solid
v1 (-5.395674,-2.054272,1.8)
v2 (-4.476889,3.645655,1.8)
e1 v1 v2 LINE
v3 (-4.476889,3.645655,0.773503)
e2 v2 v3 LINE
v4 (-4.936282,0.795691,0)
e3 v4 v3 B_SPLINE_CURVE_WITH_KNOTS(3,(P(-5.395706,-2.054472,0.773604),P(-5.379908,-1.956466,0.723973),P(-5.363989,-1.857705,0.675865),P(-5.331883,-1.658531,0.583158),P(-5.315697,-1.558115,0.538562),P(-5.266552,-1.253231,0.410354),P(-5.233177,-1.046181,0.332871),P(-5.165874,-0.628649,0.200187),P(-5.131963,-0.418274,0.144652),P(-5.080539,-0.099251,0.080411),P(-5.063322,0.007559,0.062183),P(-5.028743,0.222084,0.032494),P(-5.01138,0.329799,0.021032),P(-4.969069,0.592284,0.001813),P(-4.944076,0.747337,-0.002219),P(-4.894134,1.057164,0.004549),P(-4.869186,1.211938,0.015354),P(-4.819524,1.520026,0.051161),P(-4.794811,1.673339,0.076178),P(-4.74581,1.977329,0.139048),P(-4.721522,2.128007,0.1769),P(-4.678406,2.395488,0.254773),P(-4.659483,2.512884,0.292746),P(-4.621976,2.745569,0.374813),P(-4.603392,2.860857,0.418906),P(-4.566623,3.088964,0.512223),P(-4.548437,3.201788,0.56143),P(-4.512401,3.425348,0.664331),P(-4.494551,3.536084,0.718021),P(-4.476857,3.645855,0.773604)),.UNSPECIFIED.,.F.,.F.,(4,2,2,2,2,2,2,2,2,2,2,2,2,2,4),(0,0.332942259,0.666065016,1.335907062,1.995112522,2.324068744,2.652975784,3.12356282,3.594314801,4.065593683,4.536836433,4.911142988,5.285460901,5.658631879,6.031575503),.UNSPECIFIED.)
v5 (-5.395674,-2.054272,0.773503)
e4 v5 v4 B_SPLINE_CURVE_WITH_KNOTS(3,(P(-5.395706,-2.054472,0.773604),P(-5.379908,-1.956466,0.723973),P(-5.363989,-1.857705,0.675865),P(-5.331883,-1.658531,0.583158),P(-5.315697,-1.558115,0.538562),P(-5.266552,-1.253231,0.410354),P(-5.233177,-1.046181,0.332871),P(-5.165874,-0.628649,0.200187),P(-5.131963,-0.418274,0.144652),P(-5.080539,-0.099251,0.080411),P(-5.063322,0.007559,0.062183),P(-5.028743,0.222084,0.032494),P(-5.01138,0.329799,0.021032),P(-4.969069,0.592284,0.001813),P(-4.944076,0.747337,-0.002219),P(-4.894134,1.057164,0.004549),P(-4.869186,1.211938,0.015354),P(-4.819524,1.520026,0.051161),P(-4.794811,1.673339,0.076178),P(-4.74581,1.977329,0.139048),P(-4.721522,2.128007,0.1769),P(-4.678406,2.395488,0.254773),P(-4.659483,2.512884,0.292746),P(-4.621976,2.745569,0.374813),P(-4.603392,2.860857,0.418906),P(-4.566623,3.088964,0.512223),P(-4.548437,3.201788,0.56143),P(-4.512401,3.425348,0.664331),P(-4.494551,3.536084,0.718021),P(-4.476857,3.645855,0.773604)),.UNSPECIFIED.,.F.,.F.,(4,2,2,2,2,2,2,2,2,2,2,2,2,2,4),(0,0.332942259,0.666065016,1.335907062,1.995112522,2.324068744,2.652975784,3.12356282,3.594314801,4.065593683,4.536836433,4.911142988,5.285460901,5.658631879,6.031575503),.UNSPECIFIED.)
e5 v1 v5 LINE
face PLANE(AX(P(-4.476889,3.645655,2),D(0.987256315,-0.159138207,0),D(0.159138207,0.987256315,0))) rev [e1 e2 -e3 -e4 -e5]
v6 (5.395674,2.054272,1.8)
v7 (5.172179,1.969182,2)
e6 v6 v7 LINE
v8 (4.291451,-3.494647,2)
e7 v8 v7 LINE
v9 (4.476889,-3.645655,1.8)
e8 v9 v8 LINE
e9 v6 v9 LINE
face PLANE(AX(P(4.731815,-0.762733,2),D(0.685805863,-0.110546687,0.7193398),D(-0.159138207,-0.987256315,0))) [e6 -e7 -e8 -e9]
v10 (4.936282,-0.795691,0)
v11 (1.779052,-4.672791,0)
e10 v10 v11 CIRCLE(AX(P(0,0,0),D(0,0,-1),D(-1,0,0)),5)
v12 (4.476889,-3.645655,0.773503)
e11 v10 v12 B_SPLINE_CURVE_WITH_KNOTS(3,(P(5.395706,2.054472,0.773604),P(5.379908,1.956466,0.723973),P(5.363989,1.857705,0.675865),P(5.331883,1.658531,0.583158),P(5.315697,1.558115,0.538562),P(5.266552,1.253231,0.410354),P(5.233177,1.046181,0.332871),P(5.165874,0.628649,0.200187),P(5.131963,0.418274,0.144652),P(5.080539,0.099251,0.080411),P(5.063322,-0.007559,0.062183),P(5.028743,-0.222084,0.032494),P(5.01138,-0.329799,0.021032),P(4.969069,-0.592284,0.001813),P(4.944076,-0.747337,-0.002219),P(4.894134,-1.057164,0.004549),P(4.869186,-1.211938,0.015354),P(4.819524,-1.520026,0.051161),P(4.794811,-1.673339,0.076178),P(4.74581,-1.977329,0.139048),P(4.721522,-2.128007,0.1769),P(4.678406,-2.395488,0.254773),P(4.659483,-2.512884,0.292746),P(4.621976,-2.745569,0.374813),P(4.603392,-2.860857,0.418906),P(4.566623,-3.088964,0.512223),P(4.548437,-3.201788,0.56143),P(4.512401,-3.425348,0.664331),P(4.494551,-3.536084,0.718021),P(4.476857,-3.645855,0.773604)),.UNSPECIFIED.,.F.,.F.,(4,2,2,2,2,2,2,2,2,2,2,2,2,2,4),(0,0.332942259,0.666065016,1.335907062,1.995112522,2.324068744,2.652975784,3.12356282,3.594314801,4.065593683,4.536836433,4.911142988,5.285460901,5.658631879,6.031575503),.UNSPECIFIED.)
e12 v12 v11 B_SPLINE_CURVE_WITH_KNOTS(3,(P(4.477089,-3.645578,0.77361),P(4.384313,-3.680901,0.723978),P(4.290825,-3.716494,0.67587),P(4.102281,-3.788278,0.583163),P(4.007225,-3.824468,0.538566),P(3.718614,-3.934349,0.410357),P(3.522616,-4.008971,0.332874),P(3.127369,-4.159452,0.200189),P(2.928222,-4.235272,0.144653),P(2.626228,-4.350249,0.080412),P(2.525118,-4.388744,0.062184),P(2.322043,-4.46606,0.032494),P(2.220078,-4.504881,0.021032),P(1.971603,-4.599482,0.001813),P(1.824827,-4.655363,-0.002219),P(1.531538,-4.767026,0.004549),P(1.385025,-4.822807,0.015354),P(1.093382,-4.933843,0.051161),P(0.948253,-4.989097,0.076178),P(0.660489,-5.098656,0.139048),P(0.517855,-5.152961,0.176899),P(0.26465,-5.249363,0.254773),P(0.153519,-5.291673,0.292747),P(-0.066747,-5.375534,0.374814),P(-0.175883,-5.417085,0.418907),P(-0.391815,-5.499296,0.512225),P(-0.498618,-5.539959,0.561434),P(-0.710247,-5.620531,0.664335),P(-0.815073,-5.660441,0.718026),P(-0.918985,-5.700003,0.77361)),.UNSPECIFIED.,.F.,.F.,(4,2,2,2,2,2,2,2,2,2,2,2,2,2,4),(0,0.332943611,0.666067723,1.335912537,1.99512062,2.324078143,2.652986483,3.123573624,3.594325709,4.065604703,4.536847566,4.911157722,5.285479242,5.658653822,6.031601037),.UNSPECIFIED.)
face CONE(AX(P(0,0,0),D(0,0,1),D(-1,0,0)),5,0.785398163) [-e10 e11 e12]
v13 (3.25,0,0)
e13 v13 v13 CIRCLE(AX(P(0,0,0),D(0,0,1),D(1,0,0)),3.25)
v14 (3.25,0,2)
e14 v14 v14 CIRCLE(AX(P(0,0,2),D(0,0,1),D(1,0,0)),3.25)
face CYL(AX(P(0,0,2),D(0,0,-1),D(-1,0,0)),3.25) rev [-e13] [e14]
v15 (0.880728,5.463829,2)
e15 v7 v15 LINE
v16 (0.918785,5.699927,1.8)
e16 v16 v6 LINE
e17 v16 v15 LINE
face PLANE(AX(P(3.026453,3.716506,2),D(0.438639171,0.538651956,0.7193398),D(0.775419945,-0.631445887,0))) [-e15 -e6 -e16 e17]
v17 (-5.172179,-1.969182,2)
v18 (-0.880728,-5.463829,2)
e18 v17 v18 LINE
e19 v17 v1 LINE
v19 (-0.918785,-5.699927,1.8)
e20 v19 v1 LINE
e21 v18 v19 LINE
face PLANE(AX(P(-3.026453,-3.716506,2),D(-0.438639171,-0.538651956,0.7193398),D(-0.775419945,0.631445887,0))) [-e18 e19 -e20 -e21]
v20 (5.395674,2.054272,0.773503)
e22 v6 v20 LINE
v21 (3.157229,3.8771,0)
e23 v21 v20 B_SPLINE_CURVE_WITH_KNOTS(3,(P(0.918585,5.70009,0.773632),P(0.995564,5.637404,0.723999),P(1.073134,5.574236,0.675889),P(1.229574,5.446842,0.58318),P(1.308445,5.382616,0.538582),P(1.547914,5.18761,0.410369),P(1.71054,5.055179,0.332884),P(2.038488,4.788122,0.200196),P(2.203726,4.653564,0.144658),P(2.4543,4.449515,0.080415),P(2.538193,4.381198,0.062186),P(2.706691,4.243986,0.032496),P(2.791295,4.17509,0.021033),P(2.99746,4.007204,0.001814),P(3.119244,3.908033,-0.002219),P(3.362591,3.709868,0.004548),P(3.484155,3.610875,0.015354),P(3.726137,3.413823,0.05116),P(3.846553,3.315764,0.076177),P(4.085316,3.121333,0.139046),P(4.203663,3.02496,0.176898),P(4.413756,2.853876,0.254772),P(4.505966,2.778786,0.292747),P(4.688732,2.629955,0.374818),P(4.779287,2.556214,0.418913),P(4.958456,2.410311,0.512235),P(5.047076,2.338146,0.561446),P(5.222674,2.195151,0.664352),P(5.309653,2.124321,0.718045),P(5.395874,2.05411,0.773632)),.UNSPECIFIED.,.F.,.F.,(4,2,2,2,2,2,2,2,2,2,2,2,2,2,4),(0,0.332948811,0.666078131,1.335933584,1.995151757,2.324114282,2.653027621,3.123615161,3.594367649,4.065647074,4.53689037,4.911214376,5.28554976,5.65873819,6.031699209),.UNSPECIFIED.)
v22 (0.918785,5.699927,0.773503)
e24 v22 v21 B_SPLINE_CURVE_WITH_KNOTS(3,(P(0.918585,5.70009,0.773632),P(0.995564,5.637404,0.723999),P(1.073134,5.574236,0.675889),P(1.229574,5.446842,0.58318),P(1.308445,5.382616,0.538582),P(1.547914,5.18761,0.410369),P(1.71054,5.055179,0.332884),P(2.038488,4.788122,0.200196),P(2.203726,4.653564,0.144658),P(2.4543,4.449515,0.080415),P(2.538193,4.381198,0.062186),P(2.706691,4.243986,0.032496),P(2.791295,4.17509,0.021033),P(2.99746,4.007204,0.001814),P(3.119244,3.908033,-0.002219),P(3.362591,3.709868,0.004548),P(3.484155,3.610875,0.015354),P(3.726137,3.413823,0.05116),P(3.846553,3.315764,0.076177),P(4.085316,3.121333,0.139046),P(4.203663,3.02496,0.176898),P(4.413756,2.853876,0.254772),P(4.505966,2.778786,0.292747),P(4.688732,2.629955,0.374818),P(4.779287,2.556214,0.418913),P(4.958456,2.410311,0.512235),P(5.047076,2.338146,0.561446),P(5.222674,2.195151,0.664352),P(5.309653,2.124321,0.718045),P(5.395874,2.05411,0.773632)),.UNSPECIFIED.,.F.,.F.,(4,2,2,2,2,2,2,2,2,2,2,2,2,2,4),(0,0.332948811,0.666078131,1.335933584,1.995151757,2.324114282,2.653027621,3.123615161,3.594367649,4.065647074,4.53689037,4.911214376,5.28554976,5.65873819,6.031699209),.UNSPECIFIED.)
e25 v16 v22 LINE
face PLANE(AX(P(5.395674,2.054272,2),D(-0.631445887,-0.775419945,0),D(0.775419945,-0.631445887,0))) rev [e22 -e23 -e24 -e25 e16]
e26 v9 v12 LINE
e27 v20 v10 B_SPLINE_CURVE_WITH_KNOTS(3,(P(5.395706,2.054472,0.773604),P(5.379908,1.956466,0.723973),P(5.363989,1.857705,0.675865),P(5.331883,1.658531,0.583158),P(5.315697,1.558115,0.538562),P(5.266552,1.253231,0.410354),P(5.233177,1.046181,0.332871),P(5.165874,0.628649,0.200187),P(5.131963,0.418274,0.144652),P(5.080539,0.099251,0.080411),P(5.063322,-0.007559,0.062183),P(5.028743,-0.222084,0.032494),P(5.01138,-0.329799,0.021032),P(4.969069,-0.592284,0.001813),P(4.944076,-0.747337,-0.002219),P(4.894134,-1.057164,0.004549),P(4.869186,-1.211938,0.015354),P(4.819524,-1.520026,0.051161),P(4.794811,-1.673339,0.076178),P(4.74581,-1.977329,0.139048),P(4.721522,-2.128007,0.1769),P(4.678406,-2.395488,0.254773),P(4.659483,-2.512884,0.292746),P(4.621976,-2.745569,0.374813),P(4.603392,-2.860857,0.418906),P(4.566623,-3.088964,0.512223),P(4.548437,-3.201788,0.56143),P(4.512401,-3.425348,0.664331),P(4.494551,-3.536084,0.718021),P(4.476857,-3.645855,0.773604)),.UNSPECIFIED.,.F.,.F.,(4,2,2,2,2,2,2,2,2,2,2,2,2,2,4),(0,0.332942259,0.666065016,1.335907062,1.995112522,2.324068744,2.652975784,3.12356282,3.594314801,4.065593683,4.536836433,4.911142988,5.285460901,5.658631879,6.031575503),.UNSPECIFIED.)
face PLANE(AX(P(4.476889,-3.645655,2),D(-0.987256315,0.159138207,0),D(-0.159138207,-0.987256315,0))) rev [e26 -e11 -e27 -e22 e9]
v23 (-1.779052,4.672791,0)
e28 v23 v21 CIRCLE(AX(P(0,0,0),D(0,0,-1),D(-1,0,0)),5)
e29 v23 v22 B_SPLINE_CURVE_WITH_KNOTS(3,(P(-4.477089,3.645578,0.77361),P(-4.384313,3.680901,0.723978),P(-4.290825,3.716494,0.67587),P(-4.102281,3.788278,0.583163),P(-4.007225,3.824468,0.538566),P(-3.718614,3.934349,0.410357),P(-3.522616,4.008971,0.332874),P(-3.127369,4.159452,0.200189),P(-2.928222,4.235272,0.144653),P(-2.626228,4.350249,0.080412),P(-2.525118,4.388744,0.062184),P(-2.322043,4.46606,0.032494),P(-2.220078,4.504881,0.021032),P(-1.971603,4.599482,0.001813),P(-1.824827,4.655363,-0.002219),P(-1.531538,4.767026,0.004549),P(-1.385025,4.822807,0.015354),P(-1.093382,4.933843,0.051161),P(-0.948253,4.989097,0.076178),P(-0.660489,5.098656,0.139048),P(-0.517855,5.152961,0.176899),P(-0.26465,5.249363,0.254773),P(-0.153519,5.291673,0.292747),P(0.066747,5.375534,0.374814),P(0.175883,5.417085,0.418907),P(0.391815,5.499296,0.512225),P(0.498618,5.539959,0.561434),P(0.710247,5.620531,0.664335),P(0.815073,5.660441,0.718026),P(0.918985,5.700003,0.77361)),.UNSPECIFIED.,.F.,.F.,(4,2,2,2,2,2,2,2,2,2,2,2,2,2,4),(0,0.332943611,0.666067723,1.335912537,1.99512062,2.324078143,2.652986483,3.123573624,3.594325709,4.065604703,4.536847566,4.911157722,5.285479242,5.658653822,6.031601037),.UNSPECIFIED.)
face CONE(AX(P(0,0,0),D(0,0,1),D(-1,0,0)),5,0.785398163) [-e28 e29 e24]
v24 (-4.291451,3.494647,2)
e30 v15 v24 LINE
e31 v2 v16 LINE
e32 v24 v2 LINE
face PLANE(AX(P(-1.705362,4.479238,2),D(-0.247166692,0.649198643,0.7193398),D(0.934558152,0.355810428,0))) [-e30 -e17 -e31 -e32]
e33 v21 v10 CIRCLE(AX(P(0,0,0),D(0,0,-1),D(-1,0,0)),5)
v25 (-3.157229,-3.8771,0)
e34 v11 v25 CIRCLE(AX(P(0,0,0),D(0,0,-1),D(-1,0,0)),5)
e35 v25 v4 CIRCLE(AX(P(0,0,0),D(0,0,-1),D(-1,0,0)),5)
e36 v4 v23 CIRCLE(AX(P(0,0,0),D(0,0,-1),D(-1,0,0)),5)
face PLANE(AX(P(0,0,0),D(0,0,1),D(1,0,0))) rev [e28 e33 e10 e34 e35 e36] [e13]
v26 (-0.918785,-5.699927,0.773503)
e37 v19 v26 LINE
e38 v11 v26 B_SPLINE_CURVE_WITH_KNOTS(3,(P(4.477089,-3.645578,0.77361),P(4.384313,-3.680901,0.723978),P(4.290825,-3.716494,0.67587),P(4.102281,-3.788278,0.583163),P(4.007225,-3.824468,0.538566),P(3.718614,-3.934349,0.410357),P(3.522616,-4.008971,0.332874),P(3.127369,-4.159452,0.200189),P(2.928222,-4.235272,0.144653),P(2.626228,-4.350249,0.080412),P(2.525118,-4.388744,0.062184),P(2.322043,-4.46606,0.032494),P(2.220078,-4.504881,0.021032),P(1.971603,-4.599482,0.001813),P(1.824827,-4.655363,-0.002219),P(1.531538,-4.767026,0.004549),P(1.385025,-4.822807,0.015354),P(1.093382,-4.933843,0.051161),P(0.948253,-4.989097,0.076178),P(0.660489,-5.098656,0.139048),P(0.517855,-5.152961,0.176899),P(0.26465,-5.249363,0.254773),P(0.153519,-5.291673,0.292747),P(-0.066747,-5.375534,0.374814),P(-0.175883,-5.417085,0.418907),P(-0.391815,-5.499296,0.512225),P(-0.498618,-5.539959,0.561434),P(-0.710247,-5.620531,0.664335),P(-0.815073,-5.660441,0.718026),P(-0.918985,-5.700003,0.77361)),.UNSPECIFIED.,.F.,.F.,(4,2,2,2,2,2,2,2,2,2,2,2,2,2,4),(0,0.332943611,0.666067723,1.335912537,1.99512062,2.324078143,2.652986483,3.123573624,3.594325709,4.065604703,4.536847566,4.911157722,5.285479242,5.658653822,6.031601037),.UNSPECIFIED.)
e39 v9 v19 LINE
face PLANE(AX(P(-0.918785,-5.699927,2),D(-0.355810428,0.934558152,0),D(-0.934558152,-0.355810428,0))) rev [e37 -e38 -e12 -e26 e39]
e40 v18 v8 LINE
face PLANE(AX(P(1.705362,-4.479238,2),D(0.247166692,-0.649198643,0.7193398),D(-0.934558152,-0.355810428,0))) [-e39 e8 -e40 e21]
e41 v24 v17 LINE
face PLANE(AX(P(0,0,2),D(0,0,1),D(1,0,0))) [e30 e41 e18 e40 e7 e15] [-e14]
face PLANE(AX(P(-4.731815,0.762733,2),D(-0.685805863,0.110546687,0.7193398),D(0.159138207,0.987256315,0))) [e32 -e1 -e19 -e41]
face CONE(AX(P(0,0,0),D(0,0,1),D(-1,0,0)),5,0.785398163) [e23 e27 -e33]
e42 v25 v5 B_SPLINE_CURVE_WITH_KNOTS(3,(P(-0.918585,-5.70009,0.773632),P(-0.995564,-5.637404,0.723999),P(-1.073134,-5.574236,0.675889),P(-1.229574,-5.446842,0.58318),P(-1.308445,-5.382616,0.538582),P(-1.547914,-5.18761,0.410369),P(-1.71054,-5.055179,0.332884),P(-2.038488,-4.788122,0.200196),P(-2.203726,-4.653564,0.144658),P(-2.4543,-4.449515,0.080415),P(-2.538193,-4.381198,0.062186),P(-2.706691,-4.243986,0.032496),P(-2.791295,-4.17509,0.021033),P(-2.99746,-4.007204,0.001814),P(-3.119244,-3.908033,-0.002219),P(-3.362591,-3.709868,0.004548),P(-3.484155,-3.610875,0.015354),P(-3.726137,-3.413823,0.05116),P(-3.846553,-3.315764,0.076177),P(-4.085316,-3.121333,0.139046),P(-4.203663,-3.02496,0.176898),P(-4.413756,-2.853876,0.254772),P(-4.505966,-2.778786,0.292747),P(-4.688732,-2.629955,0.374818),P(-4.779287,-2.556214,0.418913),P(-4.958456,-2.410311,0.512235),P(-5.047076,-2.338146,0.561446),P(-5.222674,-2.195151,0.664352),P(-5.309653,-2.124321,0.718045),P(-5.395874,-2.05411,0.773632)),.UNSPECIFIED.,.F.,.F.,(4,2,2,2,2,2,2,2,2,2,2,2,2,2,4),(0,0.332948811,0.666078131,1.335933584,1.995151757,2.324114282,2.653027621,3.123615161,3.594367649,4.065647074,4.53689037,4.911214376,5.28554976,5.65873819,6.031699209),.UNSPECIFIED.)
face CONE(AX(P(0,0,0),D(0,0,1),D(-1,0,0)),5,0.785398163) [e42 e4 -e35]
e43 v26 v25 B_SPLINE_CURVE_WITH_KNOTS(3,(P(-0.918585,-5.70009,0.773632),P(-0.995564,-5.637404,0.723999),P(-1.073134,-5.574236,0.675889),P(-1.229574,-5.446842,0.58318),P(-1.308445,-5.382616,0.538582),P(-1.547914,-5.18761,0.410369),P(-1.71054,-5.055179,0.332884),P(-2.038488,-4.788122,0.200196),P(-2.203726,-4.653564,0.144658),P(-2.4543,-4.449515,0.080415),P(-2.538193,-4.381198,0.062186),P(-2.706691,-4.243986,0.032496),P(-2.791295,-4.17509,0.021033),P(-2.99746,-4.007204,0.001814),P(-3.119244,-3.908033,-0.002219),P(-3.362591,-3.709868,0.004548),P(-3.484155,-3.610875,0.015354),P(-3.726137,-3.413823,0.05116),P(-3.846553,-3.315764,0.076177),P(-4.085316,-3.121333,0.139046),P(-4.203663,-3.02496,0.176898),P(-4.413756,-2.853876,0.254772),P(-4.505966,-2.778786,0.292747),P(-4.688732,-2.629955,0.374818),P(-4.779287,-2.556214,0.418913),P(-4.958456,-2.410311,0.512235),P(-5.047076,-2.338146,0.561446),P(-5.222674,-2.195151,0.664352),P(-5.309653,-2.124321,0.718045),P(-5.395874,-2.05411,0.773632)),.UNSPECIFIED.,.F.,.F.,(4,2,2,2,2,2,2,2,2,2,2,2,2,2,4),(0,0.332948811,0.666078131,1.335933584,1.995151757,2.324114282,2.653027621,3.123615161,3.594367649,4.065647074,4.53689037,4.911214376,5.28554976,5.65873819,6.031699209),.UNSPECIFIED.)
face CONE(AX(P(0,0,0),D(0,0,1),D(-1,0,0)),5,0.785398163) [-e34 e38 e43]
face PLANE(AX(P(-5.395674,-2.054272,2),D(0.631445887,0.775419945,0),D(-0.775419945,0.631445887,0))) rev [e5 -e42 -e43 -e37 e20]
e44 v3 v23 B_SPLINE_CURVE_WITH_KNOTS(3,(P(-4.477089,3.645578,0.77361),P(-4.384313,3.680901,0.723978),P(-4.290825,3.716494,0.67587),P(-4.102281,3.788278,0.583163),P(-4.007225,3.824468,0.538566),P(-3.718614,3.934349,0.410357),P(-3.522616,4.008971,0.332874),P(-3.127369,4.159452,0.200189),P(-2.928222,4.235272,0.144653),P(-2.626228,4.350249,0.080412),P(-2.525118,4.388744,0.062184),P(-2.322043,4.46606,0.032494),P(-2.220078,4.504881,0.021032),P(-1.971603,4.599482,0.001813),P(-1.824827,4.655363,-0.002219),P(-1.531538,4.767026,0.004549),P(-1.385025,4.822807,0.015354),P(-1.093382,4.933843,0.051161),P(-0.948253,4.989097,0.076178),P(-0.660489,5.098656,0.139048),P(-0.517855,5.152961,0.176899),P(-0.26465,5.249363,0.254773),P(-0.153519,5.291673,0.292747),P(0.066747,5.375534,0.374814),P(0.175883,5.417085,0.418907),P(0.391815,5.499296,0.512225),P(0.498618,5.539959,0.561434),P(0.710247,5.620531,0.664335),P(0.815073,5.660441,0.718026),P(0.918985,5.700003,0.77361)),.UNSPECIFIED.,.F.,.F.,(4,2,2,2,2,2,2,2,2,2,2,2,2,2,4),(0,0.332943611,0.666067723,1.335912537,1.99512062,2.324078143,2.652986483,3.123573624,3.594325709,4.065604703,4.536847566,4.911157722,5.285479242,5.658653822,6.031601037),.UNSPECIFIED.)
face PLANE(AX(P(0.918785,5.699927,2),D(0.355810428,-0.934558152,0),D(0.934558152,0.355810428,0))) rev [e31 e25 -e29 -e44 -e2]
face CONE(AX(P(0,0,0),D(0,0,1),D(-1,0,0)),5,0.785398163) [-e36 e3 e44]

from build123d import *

# Parameters (mm, degrees)
CROQUIS1_R              = 3.25
SALIENTE_EXTRUIR1_DEPTH = 2
CROQUIS2_OUTSIDE_W      = 17.956
CROQUIS2_OUTSIDE_H      = 18.564
CROQUIS2_OUTSIDE_R      = 5
CORTAR_EXTRUIR1_DEPTH   = 1
CORTAR_EXTRUIR1_TAPER   = 45
CHAFL_N2_SIZE           = 0.2
CHAFL_N2_SIZE2          = 0.207106063
CHAFL_N2_PART_2_SIZE    = 0.2
CHAFL_N2_PART_2_SIZE2   = 0.207106063
CHAFL_N2_PART_3_SIZE    = 0.2
CHAFL_N2_PART_3_SIZE2   = 0.207106063
CHAFL_N2_PART_4_SIZE    = 0.2
CHAFL_N2_PART_4_SIZE2   = 0.207106063
CHAFL_N2_PART_5_SIZE    = 0.2
CHAFL_N2_PART_5_SIZE2   = 0.207106063
CHAFL_N2_PART_6_SIZE    = 0.2
CHAFL_N2_PART_6_SIZE2   = 0.207106063


with BuildPart() as part:
    # Croquis1 → Saliente-Extruir1 (new body)
    with BuildSketch(Plane.XY):
        Polygon((-5.395674006, -2.054272462), (-0.918784865, -5.699926991), (4.476889142, -3.645654529), (5.395674006, 2.054272462), (0.918784865, 5.699926991), (-4.476889142, 3.645654529), align=None)
        Circle(CROQUIS1_R, mode=Mode.SUBTRACT)
    extrude(amount=SALIENTE_EXTRUIR1_DEPTH)

    # Croquis2 outside → Cortar-Extruir1 (cut)
    with BuildSketch(Plane(origin=(0, 0, 0), x_dir=(-1, 0, 0), z_dir=(0, 0, -1))):
        Rectangle(CROQUIS2_OUTSIDE_W, CROQUIS2_OUTSIDE_H)
        Circle(CROQUIS2_OUTSIDE_R, mode=Mode.SUBTRACT)
    extrude(amount=-CORTAR_EXTRUIR1_DEPTH, taper=CORTAR_EXTRUIR1_TAPER, mode=Mode.SUBTRACT)

    # Chaflán2
    chafl_n2_edges = [part.edges().sort_by_distance(p)[0] for p in [
        (1.779052139, -4.67279076, 2),
    ]]
    chafl_n2_side = [part.faces().sort_by_distance(p)[0] for p in [
        (1.779052139, -4.67279076, 1.117030845),
    ]]
    chamfer(chafl_n2_edges, length=CHAFL_N2_SIZE, length2=CHAFL_N2_SIZE2, reference=chafl_n2_side[0])

    # Chaflán2 part 2
    chafl_n2_part_2_edges = [part.edges().sort_by_distance(p)[0] for p in [
        (4.936281574, -0.795691033, 2),
    ]]
    chafl_n2_part_2_side = [part.faces().sort_by_distance(p)[0] for p in [
        (4.936281574, -0.795691033, 1.117030845),
    ]]
    chamfer(chafl_n2_part_2_edges, length=CHAFL_N2_PART_2_SIZE, length2=CHAFL_N2_PART_2_SIZE2, reference=chafl_n2_part_2_side[0])

    # Chaflán2 part 3
    chafl_n2_part_3_edges = [part.edges().sort_by_distance(p)[0] for p in [
        (3.157229436, 3.877099727, 2),
    ]]
    chafl_n2_part_3_side = [part.faces().sort_by_distance(p)[0] for p in [
        (3.157229436, 3.877099727, 1.117030845),
    ]]
    chamfer(chafl_n2_part_3_edges, length=CHAFL_N2_PART_3_SIZE, length2=CHAFL_N2_PART_3_SIZE2, reference=chafl_n2_part_3_side[0])

    # Chaflán2 part 4
    chafl_n2_part_4_edges = [part.edges().sort_by_distance(p)[0] for p in [
        (-1.779052139, 4.67279076, 2),
    ]]
    chafl_n2_part_4_side = [part.faces().sort_by_distance(p)[0] for p in [
        (-1.779052139, 4.67279076, 1.117030845),
    ]]
    chamfer(chafl_n2_part_4_edges, length=CHAFL_N2_PART_4_SIZE, length2=CHAFL_N2_PART_4_SIZE2, reference=chafl_n2_part_4_side[0])

    # Chaflán2 part 5
    chafl_n2_part_5_edges = [part.edges().sort_by_distance(p)[0] for p in [
        (-4.936281574, 0.795691033, 2),
    ]]
    chafl_n2_part_5_side = [part.faces().sort_by_distance(p)[0] for p in [
        (-4.936281574, 0.795691033, 1.117030845),
    ]]
    chamfer(chafl_n2_part_5_edges, length=CHAFL_N2_PART_5_SIZE, length2=CHAFL_N2_PART_5_SIZE2, reference=chafl_n2_part_5_side[0])

    # Chaflán2 part 6
    chafl_n2_part_6_edges = [part.edges().sort_by_distance(p)[0] for p in [
        (-3.157229436, -3.877099727, 2),
    ]]
    chafl_n2_part_6_side = [part.faces().sort_by_distance(p)[0] for p in [
        (-3.157229436, -3.877099727, 1.117030845),
    ]]
    chamfer(chafl_n2_part_6_edges, length=CHAFL_N2_PART_6_SIZE, length2=CHAFL_N2_PART_6_SIZE2, reference=chafl_n2_part_6_side[0])


solid = part.part
